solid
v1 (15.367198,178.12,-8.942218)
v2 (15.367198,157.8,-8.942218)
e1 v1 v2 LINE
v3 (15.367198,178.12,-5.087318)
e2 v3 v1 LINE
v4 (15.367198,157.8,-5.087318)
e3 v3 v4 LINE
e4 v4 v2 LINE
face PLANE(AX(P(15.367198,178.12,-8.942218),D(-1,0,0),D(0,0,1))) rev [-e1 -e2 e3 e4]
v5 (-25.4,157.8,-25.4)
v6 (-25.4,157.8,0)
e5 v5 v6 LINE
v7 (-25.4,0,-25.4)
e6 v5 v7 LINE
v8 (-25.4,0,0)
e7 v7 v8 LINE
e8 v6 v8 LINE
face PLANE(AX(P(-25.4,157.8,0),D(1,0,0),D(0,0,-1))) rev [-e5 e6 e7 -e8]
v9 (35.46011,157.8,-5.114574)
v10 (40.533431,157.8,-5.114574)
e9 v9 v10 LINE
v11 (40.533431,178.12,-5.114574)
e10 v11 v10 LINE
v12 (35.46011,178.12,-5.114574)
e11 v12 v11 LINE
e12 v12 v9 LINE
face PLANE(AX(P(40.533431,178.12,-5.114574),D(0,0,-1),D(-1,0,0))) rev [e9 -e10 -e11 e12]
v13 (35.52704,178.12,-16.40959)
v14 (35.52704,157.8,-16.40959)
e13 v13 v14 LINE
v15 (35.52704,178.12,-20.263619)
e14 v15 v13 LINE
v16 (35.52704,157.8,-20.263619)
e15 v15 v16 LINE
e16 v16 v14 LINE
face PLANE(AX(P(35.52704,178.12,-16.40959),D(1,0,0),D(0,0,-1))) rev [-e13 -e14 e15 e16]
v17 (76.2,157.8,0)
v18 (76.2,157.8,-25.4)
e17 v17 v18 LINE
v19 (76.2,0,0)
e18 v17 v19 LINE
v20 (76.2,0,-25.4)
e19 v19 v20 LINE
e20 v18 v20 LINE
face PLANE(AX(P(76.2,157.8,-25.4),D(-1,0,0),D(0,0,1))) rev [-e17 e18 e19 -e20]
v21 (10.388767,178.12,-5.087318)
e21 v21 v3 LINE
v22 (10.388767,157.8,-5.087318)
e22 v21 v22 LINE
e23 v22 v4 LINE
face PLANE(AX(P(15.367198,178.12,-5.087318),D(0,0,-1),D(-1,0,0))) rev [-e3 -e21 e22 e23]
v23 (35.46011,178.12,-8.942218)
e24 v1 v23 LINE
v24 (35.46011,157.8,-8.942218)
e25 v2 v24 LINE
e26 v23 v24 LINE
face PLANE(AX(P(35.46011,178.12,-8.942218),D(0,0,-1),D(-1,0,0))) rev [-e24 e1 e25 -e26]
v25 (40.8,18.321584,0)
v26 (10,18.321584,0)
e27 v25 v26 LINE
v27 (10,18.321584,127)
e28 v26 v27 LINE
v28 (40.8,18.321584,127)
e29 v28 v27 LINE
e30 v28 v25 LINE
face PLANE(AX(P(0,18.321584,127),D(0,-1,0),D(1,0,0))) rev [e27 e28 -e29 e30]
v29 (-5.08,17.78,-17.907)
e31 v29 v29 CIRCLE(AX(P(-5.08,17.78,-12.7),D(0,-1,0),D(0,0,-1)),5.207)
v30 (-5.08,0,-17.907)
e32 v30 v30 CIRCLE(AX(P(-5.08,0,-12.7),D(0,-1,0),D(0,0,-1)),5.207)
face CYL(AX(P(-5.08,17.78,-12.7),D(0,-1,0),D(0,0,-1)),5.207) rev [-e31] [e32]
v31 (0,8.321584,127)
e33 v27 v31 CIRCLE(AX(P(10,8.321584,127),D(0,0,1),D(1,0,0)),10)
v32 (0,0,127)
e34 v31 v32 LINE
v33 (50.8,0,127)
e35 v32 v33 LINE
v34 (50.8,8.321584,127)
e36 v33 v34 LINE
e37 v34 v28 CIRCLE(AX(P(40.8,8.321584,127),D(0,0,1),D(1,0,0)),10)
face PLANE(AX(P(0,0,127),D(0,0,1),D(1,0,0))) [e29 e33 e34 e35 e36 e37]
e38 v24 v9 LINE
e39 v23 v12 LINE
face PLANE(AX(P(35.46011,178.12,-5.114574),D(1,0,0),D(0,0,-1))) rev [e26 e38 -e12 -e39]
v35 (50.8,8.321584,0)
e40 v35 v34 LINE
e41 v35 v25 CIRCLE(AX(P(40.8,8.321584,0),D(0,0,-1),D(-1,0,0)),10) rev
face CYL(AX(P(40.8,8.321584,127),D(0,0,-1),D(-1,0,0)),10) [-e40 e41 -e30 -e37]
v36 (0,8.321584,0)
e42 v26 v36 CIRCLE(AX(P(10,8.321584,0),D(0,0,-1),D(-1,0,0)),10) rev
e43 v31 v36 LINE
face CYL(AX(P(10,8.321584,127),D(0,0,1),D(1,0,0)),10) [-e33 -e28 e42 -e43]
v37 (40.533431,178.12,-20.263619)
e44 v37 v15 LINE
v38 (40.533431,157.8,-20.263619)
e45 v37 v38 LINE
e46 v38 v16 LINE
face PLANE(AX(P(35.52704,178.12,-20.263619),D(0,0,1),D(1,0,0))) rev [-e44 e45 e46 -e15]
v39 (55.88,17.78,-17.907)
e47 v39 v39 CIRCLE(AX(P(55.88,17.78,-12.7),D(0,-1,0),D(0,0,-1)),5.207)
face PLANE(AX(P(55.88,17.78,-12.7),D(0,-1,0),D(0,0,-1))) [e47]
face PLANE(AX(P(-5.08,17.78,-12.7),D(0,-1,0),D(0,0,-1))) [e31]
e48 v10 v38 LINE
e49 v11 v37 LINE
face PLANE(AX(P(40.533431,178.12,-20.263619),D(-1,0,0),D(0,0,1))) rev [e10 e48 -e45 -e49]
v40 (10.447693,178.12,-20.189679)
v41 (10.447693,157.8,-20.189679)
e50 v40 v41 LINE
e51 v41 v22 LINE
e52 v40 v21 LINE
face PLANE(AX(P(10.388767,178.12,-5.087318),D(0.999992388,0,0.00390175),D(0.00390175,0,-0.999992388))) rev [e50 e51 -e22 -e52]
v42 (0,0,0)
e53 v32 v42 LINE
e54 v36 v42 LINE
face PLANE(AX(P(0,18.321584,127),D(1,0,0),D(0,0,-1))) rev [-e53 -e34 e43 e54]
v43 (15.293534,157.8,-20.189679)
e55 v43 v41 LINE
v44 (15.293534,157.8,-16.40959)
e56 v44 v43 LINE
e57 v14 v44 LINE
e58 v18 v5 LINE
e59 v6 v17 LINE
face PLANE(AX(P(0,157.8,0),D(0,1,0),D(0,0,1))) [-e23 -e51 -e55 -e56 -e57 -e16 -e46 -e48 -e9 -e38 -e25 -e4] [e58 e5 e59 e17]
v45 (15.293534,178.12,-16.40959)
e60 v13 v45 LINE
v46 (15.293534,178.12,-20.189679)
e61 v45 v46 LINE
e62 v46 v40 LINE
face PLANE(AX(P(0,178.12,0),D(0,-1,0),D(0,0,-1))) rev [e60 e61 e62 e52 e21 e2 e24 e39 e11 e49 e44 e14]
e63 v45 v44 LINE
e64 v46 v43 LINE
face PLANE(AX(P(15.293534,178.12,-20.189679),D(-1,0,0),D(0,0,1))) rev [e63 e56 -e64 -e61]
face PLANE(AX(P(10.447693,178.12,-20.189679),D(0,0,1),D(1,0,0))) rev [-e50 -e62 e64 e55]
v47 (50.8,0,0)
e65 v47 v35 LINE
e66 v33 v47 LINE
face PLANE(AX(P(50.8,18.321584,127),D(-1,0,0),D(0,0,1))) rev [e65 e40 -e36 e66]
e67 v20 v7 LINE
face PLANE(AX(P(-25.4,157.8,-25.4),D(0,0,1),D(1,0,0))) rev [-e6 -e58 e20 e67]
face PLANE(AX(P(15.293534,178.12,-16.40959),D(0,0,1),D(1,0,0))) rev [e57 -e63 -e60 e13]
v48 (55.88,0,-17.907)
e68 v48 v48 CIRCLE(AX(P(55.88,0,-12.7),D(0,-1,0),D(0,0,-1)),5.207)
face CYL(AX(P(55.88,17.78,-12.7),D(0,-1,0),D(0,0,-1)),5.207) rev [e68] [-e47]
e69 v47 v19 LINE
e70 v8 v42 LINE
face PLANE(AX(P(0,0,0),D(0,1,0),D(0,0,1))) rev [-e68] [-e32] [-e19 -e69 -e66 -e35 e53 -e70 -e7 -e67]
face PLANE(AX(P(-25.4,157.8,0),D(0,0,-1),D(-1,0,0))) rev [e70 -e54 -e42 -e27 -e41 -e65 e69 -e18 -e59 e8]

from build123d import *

# Parameters (mm, degrees)
SKETCH3_W           = 101.6
SKETCH3_H           = 25.4
BOSS_EXTRUDE1_DEPTH = 157.8
BOSS_EXTRUDE4_DEPTH = 20.32
SKETCH7_R           = 5.207
CUT_EXTRUDE1_DEPTH  = 17.78
SKETCH8_W           = 50.8
SKETCH8_H           = 18.321584398
BOSS_EXTRUDE5_DEPTH = 127
FILLET1_R           = 10
FILLET2_R           = 10


with BuildPart() as part:
    # Sketch3 → Boss-Extrude1 (new body)
    with BuildSketch(Plane(origin=(0, 0, 0), x_dir=(1, 0, 0), z_dir=(0, 1, 0))):
        with Locations((25.4, 12.7)):
            Rectangle(SKETCH3_W, SKETCH3_H)
    extrude(amount=BOSS_EXTRUDE1_DEPTH)

    # Sketch6 → Boss-Extrude4 (add)
    with BuildSketch(Plane(origin=(0, 157.8, 0), x_dir=(1, 0, 0), z_dir=(0, 1, 0))):
        Polygon((10.447692892, 20.189678665), (15.293534065, 20.189678665), (15.293534065, 16.409589502), (35.527040487, 16.409589502), (35.527040487, 20.263619063), (40.533430612, 20.263619063), (40.533430612, 5.114574025), (35.460110097, 5.114574025), (35.460110097, 8.942217594), (15.367197577, 8.942217594), (15.367197577, 5.087318386), (10.388766814, 5.087318386), align=None)
    extrude(amount=BOSS_EXTRUDE4_DEPTH)

    # Sketch7 → Cut-Extrude1 (cut)
    with BuildSketch(Plane(origin=(0, 0, 0), x_dir=(-1, 0, 0), z_dir=(0, -1, 0))):
        with Locations(Location((5.08, 12.7, 0), (0, 0, 90))):
            Circle(SKETCH7_R)
        with Locations(Location((-55.88, 12.7, 0), (0, 0, 90))):
            Circle(SKETCH7_R)
    extrude(amount=-CUT_EXTRUDE1_DEPTH, mode=Mode.SUBTRACT)

    # Sketch8 → Boss-Extrude5 (add)
    with BuildSketch(Plane.XY):
        with Locations((25.4, 9.160792199)):
            Rectangle(SKETCH8_W, SKETCH8_H)
    extrude(amount=BOSS_EXTRUDE5_DEPTH)

    # Fillet1
    fillet1_edges = [part.edges().sort_by_distance(p)[0] for p in [
        (50.8, 18.321584398, 63.5),
    ]]
    fillet(fillet1_edges, radius=FILLET1_R)

    # Fillet2
    fillet2_edges = [part.edges().sort_by_distance(p)[0] for p in [
        (0, 18.321584398, 63.5),
    ]]
    fillet(fillet2_edges, radius=FILLET2_R)


solid = part.part
